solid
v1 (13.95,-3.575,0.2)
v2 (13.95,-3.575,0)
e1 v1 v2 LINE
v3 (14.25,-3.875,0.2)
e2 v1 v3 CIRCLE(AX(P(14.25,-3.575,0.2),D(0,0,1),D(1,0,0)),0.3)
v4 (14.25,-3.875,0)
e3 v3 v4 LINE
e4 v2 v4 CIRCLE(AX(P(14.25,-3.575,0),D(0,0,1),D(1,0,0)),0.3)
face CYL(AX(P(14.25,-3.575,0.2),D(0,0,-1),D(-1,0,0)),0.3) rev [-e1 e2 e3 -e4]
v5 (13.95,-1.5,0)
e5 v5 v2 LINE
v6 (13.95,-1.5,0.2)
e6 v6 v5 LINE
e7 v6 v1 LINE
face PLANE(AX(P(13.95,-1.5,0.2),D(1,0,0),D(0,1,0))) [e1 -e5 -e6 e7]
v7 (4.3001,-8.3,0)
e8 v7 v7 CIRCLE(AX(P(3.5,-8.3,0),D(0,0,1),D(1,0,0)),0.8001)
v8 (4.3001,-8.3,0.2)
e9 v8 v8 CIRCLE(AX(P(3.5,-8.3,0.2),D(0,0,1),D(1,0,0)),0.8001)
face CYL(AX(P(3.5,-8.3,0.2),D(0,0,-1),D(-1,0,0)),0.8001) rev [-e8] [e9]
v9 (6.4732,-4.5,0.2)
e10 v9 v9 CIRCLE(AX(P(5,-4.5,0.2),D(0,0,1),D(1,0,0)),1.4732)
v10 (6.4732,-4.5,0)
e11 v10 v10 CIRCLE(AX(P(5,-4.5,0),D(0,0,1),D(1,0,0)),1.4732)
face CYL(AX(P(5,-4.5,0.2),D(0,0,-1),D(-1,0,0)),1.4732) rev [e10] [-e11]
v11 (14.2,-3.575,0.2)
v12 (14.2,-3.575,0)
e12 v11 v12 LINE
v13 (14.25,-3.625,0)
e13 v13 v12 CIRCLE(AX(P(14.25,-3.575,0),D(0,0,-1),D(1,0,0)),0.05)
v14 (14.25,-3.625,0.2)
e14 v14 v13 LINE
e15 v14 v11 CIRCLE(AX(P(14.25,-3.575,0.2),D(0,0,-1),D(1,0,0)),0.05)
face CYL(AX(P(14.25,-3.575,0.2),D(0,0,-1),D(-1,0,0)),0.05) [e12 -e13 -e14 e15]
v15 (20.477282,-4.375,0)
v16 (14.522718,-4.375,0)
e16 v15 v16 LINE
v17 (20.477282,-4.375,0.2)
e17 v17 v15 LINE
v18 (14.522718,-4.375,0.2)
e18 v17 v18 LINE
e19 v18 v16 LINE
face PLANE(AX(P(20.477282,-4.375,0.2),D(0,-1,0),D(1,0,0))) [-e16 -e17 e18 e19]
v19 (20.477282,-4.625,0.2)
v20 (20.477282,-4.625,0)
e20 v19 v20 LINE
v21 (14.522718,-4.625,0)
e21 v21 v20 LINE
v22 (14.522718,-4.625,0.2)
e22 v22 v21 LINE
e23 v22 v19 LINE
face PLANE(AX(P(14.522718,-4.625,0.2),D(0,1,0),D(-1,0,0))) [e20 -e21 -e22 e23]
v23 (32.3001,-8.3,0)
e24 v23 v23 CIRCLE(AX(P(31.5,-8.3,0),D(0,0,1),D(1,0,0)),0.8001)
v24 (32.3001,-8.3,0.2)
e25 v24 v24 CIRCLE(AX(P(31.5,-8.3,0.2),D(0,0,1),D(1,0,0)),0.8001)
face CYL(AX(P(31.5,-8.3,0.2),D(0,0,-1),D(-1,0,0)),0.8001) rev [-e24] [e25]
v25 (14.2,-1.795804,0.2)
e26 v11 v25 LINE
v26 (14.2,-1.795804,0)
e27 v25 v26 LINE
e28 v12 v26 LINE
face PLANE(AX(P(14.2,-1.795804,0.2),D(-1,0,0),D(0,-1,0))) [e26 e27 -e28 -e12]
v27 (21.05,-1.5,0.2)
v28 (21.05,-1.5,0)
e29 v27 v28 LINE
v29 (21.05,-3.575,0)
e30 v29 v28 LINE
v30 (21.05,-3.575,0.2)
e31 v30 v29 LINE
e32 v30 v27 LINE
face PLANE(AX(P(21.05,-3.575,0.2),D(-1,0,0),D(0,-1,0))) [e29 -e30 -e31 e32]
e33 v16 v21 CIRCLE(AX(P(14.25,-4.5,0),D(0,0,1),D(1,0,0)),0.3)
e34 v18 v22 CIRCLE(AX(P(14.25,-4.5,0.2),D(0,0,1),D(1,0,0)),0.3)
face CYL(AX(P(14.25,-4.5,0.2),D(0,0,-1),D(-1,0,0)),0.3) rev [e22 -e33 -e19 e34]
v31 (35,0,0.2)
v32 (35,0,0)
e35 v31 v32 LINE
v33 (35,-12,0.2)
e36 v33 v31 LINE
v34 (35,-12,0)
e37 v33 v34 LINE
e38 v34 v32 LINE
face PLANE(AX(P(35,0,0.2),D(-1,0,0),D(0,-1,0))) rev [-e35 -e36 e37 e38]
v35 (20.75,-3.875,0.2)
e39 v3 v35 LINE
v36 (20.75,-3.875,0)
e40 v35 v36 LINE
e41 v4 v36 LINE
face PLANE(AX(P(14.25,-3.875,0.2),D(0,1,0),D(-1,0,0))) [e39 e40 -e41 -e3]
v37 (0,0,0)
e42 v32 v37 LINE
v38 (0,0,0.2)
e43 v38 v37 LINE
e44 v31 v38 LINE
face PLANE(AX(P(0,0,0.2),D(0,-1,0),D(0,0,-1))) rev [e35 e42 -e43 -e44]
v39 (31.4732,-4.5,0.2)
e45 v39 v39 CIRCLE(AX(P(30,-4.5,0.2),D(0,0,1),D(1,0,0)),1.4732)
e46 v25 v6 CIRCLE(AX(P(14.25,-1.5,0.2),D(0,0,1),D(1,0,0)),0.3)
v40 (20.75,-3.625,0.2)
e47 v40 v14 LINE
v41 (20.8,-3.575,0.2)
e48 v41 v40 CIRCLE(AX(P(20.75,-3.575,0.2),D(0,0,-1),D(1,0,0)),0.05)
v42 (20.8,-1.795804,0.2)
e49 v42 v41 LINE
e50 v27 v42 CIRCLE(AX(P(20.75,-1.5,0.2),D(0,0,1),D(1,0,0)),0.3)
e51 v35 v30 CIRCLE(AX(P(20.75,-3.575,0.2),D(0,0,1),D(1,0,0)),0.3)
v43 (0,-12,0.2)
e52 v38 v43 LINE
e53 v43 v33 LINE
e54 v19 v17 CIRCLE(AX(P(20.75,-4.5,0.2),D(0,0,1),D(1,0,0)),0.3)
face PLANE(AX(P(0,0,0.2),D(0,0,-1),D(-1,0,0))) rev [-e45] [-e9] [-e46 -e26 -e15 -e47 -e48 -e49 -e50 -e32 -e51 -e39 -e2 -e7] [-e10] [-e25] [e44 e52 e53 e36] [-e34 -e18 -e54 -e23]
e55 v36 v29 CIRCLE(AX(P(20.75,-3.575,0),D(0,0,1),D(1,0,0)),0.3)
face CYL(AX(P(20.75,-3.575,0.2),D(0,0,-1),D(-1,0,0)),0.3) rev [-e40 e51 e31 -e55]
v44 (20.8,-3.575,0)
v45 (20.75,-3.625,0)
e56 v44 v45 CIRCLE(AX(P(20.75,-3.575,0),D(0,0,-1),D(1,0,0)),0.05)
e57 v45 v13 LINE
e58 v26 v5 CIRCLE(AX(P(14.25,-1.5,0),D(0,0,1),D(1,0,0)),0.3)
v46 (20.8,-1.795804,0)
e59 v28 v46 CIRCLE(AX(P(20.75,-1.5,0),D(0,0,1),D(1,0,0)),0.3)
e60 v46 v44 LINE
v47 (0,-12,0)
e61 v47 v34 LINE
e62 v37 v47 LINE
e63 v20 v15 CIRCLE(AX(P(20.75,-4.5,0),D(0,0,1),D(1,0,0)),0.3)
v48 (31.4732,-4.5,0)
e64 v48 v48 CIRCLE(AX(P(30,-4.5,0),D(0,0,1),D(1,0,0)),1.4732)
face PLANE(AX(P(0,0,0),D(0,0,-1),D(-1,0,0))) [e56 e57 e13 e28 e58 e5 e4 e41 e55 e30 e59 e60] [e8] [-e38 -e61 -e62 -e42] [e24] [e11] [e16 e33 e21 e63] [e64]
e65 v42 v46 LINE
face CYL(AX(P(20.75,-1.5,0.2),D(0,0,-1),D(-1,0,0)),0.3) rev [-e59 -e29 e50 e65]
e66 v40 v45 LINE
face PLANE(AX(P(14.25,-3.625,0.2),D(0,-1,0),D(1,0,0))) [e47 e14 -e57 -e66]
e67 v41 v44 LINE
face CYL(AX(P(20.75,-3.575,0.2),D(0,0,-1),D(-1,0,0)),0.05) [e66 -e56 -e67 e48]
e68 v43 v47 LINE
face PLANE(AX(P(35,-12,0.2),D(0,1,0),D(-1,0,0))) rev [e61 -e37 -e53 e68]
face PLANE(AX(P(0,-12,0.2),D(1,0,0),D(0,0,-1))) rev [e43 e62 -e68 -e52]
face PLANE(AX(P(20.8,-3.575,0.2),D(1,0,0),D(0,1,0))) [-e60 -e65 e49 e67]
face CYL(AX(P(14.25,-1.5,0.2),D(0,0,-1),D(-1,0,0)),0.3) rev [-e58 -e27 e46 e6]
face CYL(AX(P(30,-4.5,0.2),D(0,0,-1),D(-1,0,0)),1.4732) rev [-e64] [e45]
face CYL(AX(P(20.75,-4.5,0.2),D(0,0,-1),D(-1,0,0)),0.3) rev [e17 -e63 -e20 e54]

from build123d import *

# Parameters (mm, degrees)
SKETCH1_W           = 35
SKETCH1_H           = 12
SKETCH1_R           = 0.8001
SKETCH1_R_2         = 1.4732
BOSS_EXTRUDE1_DEPTH = 0.2


with BuildPart() as part:
    # Sketch1 → Boss-Extrude1 (new body)
    with BuildSketch(Plane.XY):
        with Locations((17.5, -6)):
            Rectangle(SKETCH1_W, SKETCH1_H)
        with Locations((3.5, -8.3)):
            Circle(SKETCH1_R, mode=Mode.SUBTRACT)
        with Locations((5, -4.5)):
            Circle(SKETCH1_R_2, mode=Mode.SUBTRACT)
        with Locations((30, -4.5)):
            Circle(SKETCH1_R_2, mode=Mode.SUBTRACT)
        with Locations((31.5, -8.3)):
            Circle(SKETCH1_R, mode=Mode.SUBTRACT)
        with BuildLine():
            Line((14.2, -1.795803989), (14.2, -3.575))
            ThreePointArc((14.2, -3.575), (14.214644661, -3.610355339), (14.25, -3.625))
            Line((14.25, -3.625), (20.75, -3.625))
            ThreePointArc((20.75, -3.625), (20.785355339, -3.610355339), (20.8, -3.575))
            Line((20.8, -3.575), (20.8, -1.795803989))
            ThreePointArc((20.8, -1.795803989), (20.520871215, -1.306350833), (21.05, -1.5))
            Line((21.05, -1.5), (21.05, -3.575))
            ThreePointArc((21.05, -3.575), (20.962132034, -3.787132034), (20.75, -3.875))
            Line((20.75, -3.875), (14.25, -3.875))
            ThreePointArc((14.25, -3.875), (14.037867966, -3.787132034), (13.95, -3.575))
            Line((13.95, -3.575), (13.95, -1.5))
            ThreePointArc((13.95, -1.5), (14.479128785, -1.306350833), (14.2, -1.795803989))
        make_face(mode=Mode.SUBTRACT)
        with BuildLine():
            Line((20.477282197, -4.375), (14.522717803, -4.375))
            ThreePointArc((14.522717803, -4.375), (13.95, -4.5), (14.522717803, -4.625))
            Line((14.522717803, -4.625), (20.477282197, -4.625))
            ThreePointArc((20.477282197, -4.625), (21.05, -4.5), (20.477282197, -4.375))
        make_face(mode=Mode.SUBTRACT)
    extrude(amount=BOSS_EXTRUDE1_DEPTH)


solid = part.part
